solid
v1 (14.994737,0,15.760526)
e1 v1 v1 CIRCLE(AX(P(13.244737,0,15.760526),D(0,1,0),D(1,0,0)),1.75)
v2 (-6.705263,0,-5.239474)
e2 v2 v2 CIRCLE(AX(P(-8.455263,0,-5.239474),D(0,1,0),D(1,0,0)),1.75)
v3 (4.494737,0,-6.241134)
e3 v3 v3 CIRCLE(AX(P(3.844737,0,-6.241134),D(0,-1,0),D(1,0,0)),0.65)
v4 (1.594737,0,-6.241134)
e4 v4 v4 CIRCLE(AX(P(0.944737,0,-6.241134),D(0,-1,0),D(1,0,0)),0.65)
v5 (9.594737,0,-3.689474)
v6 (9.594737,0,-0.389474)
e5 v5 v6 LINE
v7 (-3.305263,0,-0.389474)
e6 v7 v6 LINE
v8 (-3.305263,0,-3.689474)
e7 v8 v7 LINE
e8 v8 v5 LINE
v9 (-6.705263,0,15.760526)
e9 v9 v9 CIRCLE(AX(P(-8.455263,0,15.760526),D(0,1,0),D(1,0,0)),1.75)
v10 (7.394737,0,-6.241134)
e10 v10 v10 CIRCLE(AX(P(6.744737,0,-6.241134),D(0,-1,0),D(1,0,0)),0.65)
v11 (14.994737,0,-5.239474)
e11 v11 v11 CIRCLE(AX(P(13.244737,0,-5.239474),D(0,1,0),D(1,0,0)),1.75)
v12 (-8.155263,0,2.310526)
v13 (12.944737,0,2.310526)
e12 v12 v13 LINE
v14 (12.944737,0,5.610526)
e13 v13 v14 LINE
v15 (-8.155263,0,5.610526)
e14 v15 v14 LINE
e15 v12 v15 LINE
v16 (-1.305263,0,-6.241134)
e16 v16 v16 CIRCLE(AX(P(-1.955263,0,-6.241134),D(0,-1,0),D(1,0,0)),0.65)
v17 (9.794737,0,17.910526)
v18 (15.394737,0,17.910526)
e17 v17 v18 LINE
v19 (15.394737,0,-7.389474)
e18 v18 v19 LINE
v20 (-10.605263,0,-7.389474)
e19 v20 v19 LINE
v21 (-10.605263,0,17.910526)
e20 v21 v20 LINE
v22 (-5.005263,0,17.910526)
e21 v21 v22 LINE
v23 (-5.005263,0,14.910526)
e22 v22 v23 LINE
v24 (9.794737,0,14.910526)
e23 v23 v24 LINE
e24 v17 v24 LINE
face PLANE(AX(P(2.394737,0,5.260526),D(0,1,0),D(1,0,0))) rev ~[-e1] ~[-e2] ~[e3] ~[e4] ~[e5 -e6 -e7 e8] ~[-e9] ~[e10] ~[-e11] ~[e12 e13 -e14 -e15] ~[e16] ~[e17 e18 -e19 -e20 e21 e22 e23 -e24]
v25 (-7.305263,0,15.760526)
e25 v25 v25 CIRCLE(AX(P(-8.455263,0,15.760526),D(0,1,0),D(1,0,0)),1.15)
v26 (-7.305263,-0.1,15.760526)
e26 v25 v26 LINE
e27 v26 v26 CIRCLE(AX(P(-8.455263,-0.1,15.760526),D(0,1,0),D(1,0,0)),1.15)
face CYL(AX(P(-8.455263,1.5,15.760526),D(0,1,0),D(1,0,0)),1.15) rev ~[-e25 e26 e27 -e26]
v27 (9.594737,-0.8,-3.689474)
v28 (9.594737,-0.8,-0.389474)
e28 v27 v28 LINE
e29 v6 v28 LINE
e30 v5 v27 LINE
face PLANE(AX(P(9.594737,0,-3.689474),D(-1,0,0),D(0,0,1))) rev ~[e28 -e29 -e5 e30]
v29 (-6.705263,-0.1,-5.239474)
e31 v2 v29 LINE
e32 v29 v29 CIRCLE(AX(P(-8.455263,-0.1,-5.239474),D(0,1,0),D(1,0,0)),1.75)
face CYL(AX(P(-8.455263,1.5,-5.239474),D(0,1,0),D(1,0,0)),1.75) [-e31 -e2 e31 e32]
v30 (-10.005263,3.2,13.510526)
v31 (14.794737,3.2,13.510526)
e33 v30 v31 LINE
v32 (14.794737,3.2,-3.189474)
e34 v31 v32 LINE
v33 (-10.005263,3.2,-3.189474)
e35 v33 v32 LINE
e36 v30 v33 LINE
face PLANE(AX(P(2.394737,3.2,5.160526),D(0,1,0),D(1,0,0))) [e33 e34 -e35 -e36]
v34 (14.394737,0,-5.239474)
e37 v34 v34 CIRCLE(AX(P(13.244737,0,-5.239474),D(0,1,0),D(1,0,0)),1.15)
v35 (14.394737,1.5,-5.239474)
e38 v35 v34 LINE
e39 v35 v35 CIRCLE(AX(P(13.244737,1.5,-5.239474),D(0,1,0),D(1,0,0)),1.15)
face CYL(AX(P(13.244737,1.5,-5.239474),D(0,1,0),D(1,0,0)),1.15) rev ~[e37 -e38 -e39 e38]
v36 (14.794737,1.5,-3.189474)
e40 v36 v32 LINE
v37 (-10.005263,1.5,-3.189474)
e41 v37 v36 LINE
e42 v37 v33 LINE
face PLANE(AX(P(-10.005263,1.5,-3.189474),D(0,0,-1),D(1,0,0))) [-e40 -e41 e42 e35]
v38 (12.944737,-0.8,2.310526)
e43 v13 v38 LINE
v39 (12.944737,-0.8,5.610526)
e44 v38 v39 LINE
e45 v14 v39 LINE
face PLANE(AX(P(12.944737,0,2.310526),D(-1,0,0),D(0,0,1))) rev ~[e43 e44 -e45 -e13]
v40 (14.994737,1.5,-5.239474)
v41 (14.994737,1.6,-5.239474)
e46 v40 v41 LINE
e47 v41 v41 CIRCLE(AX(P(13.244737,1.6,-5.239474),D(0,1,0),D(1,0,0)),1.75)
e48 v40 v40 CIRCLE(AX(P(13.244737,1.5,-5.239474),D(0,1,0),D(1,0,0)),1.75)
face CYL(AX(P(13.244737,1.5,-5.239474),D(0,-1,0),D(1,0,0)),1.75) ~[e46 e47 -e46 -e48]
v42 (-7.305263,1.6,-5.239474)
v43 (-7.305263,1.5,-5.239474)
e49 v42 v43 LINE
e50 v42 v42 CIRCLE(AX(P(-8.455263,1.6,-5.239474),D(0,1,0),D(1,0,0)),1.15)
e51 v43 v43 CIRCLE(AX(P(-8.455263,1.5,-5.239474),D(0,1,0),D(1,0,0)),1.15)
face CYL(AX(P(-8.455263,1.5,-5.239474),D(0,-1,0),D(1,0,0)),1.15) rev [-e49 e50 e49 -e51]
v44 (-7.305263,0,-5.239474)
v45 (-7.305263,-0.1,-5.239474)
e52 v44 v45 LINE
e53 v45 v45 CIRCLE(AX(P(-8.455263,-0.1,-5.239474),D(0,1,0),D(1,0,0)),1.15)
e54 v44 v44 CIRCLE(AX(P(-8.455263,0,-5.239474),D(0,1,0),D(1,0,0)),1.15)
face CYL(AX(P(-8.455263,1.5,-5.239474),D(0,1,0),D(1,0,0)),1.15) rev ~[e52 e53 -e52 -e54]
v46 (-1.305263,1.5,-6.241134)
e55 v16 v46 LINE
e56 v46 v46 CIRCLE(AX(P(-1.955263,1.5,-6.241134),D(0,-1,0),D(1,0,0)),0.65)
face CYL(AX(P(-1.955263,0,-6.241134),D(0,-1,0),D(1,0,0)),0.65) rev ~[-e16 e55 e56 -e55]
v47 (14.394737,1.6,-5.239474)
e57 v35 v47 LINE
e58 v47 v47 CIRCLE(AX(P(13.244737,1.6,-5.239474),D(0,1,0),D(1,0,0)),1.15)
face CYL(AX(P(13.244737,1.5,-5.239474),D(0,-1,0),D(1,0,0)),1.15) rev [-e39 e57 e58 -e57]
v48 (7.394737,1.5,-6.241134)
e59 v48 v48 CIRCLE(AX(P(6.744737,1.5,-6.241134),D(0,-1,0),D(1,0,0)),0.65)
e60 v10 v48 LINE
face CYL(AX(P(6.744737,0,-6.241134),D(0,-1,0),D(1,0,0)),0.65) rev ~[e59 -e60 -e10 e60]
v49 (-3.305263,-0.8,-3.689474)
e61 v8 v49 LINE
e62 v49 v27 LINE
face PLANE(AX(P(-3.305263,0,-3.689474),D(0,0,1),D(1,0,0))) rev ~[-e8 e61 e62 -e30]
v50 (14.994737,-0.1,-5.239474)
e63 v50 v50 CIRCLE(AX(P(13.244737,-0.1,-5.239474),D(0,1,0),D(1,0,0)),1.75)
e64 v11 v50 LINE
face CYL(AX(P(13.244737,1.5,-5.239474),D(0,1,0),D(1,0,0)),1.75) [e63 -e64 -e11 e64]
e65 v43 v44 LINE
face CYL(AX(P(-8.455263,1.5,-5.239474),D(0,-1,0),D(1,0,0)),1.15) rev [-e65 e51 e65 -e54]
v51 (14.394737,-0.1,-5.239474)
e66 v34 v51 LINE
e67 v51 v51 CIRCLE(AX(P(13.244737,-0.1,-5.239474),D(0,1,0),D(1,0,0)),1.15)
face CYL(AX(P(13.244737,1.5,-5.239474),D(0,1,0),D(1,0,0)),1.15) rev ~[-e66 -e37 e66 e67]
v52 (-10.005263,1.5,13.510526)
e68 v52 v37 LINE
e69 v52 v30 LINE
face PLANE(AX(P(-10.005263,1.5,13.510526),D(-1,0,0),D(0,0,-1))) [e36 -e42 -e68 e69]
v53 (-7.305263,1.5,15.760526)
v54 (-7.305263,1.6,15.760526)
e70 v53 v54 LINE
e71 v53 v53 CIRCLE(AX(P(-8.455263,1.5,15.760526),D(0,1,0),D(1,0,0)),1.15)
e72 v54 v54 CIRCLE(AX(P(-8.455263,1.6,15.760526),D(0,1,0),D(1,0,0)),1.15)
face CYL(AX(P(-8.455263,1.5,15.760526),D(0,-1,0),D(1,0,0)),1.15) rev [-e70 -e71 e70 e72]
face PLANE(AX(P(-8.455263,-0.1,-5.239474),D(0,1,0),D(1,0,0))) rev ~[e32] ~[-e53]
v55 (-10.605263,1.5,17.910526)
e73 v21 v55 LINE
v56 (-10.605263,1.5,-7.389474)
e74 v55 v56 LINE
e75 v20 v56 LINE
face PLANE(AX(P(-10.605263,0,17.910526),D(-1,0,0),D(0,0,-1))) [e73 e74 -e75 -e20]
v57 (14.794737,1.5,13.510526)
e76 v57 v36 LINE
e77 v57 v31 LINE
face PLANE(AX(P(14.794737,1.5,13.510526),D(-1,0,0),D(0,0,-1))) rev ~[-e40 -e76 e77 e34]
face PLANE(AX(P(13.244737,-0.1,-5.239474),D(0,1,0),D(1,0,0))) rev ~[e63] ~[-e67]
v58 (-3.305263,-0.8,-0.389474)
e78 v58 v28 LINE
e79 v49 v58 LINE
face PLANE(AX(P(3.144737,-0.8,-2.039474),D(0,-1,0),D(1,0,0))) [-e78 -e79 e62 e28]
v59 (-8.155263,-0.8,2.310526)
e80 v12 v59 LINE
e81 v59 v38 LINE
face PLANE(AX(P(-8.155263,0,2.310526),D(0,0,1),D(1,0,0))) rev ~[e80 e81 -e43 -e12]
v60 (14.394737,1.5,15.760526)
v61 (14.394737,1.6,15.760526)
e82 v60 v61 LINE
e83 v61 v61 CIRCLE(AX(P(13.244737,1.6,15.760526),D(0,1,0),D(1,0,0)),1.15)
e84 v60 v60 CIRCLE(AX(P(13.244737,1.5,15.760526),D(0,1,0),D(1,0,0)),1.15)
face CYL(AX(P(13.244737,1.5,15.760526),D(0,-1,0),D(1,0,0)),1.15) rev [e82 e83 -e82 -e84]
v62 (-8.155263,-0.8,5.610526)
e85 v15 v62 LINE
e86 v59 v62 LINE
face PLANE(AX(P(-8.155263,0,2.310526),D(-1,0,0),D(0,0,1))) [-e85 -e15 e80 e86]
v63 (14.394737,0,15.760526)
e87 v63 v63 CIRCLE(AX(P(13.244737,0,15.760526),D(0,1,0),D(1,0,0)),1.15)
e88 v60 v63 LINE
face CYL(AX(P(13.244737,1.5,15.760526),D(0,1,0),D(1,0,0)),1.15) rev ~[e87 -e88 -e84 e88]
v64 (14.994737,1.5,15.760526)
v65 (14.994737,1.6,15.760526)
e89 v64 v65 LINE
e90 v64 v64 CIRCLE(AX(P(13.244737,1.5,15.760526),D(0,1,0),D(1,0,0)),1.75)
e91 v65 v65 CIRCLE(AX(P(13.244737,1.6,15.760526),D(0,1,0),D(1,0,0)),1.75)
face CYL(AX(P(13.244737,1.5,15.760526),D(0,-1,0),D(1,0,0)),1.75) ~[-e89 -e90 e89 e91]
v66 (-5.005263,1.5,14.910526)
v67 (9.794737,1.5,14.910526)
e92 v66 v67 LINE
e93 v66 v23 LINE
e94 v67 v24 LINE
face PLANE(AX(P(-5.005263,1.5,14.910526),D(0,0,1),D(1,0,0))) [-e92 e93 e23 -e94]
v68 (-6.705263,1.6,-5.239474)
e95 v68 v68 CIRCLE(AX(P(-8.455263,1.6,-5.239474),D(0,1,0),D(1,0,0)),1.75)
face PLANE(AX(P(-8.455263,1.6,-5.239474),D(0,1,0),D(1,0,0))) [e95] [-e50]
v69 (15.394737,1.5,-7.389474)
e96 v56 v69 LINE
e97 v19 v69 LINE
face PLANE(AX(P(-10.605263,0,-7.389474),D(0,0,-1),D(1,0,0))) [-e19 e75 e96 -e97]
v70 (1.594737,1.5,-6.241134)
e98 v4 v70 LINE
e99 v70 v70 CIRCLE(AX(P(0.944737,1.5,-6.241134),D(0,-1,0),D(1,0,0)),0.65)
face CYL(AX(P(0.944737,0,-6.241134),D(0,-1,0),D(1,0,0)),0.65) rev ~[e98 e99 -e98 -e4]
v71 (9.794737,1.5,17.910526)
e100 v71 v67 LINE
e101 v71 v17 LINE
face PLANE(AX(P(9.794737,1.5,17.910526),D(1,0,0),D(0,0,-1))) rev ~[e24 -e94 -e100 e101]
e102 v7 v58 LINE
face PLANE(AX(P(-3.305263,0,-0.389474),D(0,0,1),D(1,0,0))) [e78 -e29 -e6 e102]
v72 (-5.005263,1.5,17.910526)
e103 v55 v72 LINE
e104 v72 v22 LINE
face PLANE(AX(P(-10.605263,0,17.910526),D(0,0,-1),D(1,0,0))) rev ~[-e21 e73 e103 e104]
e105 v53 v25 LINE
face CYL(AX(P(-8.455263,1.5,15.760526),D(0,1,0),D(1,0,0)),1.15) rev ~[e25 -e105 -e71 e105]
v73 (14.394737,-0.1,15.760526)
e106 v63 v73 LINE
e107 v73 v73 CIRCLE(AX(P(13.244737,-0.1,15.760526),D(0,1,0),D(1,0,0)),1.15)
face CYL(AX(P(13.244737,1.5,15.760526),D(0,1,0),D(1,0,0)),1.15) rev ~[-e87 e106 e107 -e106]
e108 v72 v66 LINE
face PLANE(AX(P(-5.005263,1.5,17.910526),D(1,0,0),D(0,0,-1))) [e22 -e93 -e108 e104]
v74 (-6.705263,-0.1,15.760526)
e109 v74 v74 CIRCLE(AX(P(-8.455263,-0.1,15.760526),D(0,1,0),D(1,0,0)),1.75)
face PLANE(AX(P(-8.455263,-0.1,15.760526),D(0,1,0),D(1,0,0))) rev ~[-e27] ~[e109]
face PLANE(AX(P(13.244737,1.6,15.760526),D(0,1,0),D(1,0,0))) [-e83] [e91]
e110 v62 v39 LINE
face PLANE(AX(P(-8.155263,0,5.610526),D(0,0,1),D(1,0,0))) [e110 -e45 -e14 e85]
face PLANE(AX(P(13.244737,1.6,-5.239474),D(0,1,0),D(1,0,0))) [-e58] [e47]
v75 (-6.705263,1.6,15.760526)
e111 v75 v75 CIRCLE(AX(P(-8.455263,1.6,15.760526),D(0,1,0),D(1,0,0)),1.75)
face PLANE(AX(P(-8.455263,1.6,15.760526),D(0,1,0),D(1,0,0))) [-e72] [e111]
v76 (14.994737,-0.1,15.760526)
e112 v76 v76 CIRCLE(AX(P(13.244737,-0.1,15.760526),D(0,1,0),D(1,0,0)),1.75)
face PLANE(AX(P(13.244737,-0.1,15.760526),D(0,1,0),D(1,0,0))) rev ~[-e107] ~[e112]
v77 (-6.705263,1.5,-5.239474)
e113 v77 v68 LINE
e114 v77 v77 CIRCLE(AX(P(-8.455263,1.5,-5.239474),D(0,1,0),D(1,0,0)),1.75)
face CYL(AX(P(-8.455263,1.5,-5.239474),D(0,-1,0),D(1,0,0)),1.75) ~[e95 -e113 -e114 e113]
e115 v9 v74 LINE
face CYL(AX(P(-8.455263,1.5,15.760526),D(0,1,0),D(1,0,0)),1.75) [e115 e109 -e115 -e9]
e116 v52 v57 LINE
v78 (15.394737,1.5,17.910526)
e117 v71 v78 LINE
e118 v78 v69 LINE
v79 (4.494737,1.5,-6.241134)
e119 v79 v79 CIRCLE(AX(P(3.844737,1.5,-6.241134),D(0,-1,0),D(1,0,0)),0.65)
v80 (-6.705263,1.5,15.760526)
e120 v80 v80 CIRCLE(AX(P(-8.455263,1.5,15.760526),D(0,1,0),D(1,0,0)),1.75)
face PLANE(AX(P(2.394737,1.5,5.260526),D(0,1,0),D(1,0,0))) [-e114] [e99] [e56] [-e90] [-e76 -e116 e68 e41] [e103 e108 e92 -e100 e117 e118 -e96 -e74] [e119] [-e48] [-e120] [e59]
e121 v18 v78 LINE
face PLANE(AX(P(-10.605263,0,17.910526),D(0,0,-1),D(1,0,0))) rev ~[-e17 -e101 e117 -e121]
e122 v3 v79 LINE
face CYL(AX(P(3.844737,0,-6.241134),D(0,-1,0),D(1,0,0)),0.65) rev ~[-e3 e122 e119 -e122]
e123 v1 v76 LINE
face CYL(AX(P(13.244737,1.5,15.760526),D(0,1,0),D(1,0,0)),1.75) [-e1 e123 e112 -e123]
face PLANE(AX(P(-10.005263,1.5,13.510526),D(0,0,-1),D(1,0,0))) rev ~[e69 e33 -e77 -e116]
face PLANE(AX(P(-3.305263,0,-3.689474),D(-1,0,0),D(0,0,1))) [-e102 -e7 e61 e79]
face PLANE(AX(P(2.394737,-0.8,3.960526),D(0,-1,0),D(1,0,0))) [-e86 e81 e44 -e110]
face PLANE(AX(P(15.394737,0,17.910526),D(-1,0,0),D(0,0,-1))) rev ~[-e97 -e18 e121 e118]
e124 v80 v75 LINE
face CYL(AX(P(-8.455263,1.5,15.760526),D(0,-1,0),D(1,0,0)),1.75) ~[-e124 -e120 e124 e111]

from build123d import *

# Parameters (mm, degrees)
SKETCH1_W                = 26
SKETCH1_H                = 25.3
BOSS_EXTRUDE1_DEPTH      = 1.5
SKETCH2_W                = 14.8
SKETCH2_H                = 3
CUT_EXTRUDE1_DEPTH       = 1.5
SKETCH3_R                = 1.15
CUT_EXTRUDE2_DEPTH       = 1.5
SKETCH4_R                = 1.75
SKETCH4_R_2              = 1.15
BOSS_EXTRUDE3_DEPTH      = 0.1
BOSS_EXTRUDE3_DEPTH_BACK = 1.6
SKETCH6_W                = 24.8
SKETCH6_H                = 16.7
BOSS_EXTRUDE4_DEPTH      = 1.7
SKETCH7_W                = 21.1
SKETCH7_H                = 3.3
SKETCH7_W_2              = 12.9
BOSS_EXTRUDE5_DEPTH      = 0.8
SKETCH8_R                = 0.65
CUT_EXTRUDE4_DEPTH       = 4.2


with BuildPart() as part:
    # Sketch1 → Boss-Extrude1 (new body)
    with BuildSketch(Plane(origin=(0, 0, 0), x_dir=(1, 0, 0), z_dir=(0, 1, 0))):
        with Locations((2.394736842, -5.260526316)):
            Rectangle(SKETCH1_W, SKETCH1_H)
    extrude(amount=BOSS_EXTRUDE1_DEPTH)

    # Sketch2 → Cut-Extrude1 (cut)
    with BuildSketch(Plane(origin=(0, 1.5, 0), x_dir=(1, 0, 0), z_dir=(0, 1, 0))):
        with Locations((2.394736842, -16.410526316)):
            Rectangle(SKETCH2_W, SKETCH2_H)
    extrude(amount=-CUT_EXTRUDE1_DEPTH, mode=Mode.SUBTRACT)

    # Sketch3 → Cut-Extrude2 (cut)
    with BuildSketch(Plane(origin=(0, 1.5, 0), x_dir=(1, 0, 0), z_dir=(0, 1, 0))):
        with Locations((-8.455263158, 5.239473684)):
            Circle(SKETCH3_R)
        with Locations((13.244736842, 5.239473684)):
            Circle(SKETCH3_R)
        with Locations((13.244736842, -15.760526316)):
            Circle(SKETCH3_R)
        with Locations((-8.455263158, -15.760526316)):
            Circle(SKETCH3_R)
    extrude(amount=-CUT_EXTRUDE2_DEPTH, mode=Mode.SUBTRACT)

    # Sketch4 → Boss-Extrude3 (add, two sides)
    with BuildSketch(Plane(origin=(0, 1.5, 0), x_dir=(1, 0, 0), z_dir=(0, 1, 0))) as boss_extrude3_sk:
        with Locations((-8.455263158, 5.239473684)):
            Circle(SKETCH4_R)
        with Locations((-8.455263158, 5.239473684)):
            Circle(SKETCH4_R_2, mode=Mode.SUBTRACT)
        with Locations((13.244736842, 5.239473684)):
            Circle(SKETCH4_R)
        with Locations((13.244736842, 5.239473684)):
            Circle(SKETCH4_R_2, mode=Mode.SUBTRACT)
        with Locations((13.244736842, -15.760526316)):
            Circle(SKETCH4_R)
        with Locations((13.244736842, -15.760526316)):
            Circle(SKETCH4_R_2, mode=Mode.SUBTRACT)
        with Locations((-8.455263158, -15.760526316)):
            Circle(SKETCH4_R)
        with Locations((-8.455263158, -15.760526316)):
            Circle(SKETCH4_R_2, mode=Mode.SUBTRACT)
    extrude(amount=BOSS_EXTRUDE3_DEPTH)
    extrude(boss_extrude3_sk.sketch, amount=-BOSS_EXTRUDE3_DEPTH_BACK)

    # Sketch6 → Boss-Extrude4 (add)
    with BuildSketch(Plane(origin=(0, 1.5, 0), x_dir=(1, 0, 0), z_dir=(0, 1, 0))):
        with Locations((2.394736842, -5.160526316)):
            Rectangle(SKETCH6_W, SKETCH6_H)
    extrude(amount=BOSS_EXTRUDE4_DEPTH)

    # Sketch7 → Boss-Extrude5 (add)
    with BuildSketch(Plane.XZ):
        with Locations((2.394736842, 3.960526316)):
            Rectangle(SKETCH7_W, SKETCH7_H)
        with Locations((3.144736842, -2.039473684)):
            Rectangle(SKETCH7_W_2, SKETCH7_H)
    extrude(amount=BOSS_EXTRUDE5_DEPTH)

    # Sketch8 → Cut-Extrude4 (cut, through all)
    with BuildSketch(Plane.XZ):
        with Locations((-1.955263158, -6.241133994)):
            Circle(SKETCH8_R)
        with Locations((0.944736842, -6.241133994)):
            Circle(SKETCH8_R)
        with Locations((3.844736842, -6.241133994)):
            Circle(SKETCH8_R)
        with Locations((6.744736842, -6.241133994)):
            Circle(SKETCH8_R)
    extrude(amount=-CUT_EXTRUDE4_DEPTH, mode=Mode.SUBTRACT)


solid = part.part
